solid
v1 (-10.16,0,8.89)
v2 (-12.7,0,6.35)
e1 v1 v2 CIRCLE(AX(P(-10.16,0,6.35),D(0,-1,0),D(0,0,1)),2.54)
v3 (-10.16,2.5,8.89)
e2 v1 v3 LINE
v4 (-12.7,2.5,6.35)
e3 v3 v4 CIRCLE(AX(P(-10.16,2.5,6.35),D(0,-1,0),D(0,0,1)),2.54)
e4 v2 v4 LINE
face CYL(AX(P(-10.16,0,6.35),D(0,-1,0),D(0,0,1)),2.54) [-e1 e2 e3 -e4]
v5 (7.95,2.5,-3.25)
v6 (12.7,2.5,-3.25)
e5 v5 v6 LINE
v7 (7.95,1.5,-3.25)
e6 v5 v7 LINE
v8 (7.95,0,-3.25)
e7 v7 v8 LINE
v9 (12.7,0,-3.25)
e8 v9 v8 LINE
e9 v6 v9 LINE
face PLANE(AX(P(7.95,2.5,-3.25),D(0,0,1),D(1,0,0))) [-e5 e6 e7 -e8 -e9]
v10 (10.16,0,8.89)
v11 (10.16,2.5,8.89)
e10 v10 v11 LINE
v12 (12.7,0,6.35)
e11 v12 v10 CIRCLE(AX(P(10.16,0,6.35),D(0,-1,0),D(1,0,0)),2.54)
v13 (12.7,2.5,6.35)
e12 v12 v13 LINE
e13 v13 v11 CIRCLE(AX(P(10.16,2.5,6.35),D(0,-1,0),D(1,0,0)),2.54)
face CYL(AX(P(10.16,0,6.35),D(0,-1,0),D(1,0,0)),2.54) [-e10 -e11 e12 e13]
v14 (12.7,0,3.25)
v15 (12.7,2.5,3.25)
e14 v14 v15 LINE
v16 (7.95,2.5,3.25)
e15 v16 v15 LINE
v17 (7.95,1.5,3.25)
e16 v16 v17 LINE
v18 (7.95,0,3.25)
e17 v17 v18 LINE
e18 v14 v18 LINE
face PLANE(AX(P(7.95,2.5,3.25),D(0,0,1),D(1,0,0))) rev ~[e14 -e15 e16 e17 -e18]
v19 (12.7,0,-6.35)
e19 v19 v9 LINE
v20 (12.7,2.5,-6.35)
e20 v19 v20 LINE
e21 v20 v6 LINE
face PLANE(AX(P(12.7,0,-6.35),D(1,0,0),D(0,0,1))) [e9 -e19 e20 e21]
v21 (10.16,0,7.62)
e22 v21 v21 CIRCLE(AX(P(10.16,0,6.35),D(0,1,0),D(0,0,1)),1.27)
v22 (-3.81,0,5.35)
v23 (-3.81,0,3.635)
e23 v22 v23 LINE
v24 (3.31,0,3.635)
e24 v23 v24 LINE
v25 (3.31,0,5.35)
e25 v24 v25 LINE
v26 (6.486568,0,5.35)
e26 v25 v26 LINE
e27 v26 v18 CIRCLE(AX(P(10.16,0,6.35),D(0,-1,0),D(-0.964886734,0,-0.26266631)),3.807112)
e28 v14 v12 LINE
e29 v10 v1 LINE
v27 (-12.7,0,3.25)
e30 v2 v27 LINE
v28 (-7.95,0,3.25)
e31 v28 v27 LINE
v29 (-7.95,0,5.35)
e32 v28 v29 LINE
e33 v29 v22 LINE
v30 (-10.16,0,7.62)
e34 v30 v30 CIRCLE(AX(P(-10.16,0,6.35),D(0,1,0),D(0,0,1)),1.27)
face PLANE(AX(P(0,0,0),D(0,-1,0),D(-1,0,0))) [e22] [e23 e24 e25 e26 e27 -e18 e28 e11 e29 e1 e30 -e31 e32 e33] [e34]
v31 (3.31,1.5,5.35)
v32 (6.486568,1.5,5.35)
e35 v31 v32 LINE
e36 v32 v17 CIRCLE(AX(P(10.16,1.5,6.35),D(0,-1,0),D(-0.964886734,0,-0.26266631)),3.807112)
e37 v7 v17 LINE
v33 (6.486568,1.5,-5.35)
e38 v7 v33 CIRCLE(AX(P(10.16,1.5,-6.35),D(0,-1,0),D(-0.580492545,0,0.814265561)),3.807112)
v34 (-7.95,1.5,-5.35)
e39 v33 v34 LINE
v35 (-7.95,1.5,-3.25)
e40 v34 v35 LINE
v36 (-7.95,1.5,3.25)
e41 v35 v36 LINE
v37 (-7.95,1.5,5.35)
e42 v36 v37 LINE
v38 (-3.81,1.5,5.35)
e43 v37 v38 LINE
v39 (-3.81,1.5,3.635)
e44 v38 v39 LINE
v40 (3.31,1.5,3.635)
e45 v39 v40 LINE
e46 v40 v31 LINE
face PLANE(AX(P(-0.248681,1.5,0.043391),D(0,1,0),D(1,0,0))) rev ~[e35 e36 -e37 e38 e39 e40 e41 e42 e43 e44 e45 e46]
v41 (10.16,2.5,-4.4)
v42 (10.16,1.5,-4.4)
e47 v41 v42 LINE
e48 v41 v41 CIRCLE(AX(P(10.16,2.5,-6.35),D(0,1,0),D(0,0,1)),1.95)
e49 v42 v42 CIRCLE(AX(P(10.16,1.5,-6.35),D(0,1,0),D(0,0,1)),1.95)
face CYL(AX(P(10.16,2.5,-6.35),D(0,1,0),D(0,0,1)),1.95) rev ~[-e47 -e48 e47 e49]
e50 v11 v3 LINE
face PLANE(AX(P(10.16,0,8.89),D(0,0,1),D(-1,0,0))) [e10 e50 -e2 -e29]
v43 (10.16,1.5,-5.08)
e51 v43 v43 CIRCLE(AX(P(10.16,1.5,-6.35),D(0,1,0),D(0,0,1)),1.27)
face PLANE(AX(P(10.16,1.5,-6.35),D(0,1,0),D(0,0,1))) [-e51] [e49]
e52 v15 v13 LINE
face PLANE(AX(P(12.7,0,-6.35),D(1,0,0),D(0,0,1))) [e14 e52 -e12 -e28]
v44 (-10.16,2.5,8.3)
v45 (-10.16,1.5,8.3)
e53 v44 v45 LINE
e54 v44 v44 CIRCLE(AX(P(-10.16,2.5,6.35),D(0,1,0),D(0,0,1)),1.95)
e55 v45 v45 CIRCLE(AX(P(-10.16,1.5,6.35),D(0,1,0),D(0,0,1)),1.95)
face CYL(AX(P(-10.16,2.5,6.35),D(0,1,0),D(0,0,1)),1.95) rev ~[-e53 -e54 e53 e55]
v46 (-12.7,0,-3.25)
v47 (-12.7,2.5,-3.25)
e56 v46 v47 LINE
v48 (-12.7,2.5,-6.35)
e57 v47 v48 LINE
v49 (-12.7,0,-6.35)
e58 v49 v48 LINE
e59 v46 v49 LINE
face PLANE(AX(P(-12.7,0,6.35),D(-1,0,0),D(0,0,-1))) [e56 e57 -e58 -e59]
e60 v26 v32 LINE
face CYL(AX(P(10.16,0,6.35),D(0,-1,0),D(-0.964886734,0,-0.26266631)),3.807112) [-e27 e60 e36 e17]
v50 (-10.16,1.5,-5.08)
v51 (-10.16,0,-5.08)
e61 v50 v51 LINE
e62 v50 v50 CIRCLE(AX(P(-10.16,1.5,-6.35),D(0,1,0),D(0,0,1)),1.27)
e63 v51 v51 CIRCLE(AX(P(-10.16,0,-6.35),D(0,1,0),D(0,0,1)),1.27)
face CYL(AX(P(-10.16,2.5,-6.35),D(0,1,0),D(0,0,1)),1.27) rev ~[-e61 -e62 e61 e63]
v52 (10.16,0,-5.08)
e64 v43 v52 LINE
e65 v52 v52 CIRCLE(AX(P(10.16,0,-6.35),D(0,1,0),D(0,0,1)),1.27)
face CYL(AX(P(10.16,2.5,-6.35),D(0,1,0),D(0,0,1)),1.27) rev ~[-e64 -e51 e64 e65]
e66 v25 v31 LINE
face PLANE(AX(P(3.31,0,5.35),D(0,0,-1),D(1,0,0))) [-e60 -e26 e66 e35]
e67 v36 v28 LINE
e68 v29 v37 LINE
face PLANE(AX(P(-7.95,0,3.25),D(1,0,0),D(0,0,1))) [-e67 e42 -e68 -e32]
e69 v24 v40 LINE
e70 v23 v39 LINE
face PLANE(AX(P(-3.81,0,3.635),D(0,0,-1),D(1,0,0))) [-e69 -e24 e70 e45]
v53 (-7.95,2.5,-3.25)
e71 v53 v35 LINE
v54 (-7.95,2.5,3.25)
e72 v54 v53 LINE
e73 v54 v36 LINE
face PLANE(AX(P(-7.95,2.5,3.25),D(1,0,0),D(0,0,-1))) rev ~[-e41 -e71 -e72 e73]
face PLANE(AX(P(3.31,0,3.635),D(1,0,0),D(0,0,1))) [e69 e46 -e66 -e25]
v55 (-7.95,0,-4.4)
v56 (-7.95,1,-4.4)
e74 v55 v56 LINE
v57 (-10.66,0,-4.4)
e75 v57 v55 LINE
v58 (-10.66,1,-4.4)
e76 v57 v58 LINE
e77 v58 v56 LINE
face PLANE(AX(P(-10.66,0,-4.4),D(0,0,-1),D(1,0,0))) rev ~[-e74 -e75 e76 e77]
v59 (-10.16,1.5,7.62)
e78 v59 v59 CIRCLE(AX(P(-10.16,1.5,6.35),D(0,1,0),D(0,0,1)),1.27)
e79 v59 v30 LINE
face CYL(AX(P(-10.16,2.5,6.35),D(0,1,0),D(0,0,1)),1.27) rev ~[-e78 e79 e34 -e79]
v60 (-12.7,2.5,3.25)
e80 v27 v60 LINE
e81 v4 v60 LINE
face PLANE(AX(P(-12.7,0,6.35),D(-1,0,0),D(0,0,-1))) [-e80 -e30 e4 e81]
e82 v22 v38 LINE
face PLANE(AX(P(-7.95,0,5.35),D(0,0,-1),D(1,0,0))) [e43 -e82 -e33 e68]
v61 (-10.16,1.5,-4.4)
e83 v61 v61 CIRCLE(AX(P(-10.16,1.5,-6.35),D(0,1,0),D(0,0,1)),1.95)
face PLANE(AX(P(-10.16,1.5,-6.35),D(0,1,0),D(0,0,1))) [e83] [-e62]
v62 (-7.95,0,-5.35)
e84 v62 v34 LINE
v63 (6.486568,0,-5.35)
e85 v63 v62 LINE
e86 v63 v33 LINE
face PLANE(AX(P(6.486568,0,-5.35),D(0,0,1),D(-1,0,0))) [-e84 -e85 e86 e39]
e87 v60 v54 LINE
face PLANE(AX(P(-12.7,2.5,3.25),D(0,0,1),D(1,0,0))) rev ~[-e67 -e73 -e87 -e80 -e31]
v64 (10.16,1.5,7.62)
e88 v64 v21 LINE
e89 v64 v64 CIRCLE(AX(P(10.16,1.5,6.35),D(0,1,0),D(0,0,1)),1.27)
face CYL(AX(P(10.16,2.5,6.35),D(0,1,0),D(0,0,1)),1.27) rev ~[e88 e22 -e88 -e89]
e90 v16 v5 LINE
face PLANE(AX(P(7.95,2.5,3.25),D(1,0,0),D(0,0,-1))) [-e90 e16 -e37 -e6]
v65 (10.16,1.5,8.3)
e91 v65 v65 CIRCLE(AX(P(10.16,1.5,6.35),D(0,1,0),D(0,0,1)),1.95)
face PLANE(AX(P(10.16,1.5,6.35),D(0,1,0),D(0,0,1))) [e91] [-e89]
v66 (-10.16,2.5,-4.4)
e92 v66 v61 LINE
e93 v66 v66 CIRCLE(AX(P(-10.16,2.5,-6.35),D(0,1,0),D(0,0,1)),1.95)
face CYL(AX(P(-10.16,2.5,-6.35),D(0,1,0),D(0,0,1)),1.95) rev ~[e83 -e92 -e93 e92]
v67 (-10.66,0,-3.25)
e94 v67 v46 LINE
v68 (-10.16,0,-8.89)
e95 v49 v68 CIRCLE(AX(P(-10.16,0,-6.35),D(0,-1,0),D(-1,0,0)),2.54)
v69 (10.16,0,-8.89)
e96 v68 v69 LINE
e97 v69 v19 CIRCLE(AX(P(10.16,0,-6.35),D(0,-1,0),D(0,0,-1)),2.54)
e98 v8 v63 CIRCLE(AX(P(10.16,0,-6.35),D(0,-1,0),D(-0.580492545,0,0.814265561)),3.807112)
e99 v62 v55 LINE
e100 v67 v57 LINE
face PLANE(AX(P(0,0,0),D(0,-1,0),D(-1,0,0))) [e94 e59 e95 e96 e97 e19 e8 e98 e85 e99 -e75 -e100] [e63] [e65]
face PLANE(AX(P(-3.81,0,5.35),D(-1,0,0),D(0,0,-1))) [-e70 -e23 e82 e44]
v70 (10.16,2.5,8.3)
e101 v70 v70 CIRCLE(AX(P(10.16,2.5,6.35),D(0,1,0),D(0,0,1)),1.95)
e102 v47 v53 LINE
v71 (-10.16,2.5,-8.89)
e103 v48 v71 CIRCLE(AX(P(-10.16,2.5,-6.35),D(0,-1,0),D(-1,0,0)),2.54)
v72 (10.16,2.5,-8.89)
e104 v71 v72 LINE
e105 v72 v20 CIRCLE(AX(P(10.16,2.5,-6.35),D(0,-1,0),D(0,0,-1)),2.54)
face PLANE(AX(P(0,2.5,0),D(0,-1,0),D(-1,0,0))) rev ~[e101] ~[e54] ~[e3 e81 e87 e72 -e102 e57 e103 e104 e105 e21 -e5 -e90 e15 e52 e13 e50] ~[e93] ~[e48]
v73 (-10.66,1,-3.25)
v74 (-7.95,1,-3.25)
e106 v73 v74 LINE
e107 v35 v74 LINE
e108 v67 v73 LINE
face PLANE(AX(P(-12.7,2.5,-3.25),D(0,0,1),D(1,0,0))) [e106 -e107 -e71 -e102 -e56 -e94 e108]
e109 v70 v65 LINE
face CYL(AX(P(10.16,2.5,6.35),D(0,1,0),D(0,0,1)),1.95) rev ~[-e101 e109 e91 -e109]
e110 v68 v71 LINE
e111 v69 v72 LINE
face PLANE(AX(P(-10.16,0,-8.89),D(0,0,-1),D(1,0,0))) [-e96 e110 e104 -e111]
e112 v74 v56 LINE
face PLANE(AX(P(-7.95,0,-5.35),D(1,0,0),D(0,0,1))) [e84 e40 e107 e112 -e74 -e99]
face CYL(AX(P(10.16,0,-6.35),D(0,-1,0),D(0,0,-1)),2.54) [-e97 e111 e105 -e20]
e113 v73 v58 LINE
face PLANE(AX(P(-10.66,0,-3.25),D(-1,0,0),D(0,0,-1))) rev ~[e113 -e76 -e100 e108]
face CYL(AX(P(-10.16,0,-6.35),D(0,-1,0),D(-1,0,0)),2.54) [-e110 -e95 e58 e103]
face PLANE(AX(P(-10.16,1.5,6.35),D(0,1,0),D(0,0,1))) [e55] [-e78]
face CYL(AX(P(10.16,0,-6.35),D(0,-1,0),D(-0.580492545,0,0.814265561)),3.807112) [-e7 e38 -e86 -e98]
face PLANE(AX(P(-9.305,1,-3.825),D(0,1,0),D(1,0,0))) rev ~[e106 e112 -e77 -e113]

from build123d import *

# Parameters (mm, degrees)
BOSS_EXTRUDE1_DEPTH = 2.5
SKETCH3_R           = 1.27
SKETCH3_W           = 4.75
SKETCH3_H           = 6.5
CUT_EXTRUDE2_DEPTH  = 16.702614432
CUT_EXTRUDE1_START  = -2.5
CUT_EXTRUDE1_DEPTH  = 1.5
SKETCH4_R           = 1.95
CUT_EXTRUDE3_DEPTH  = 1
CUT_EXTRUDE4_START  = -2.5
SKETCH5_W           = 2.71
SKETCH5_H           = 1.15
CUT_EXTRUDE4_DEPTH  = 1


with BuildPart() as part:
    # Sketch1 → Boss-Extrude1 (new body)
    with BuildSketch(Plane(origin=(0, 0, 0), x_dir=(1, 0, 0), z_dir=(0, 1, 0))):
        with BuildLine():
            Line((-10.16, 8.89), (10.16, 8.89))
            ThreePointArc((10.16, 8.89), (11.956051224, 8.146051224), (12.7, 6.35))
            Line((12.7, 6.35), (12.7, -6.35))
            ThreePointArc((12.7, -6.35), (11.956051224, -8.146051224), (10.16, -8.89))
            Line((10.16, -8.89), (-10.16, -8.89))
            ThreePointArc((-10.16, -8.89), (-11.956051224, -8.146051224), (-12.7, -6.35))
            Line((-12.7, -6.35), (-12.7, 6.35))
            ThreePointArc((-12.7, 6.35), (-11.956051224, 8.146051224), (-10.16, 8.89))
        make_face()
    extrude(amount=BOSS_EXTRUDE1_DEPTH)

    # Sketch3 → Cut-Extrude2 (cut, through all)
    with BuildSketch(Plane(origin=(0, 2.5, 0), x_dir=(1, 0, 0), z_dir=(0, 1, 0))):
        with Locations(Location((-10.16, 6.35, 0), (0, 0, 270))):
            Circle(SKETCH3_R)
        with Locations(Location((10.16, 6.35, 0), (0, 0, 270))):
            Circle(SKETCH3_R)
        with Locations(Location((10.16, -6.35, 0), (0, 0, 270))):
            Circle(SKETCH3_R)
        with Locations(Location((-10.16, -6.35, 0), (0, 0, 270))):
            Circle(SKETCH3_R)
        with Locations((10.325, 0)):
            Rectangle(SKETCH3_W, SKETCH3_H)
        with Locations((-10.325, 0)):
            Rectangle(SKETCH3_W, SKETCH3_H)
    extrude(amount=-CUT_EXTRUDE2_DEPTH, mode=Mode.SUBTRACT)

    # Sketch2 → Cut-Extrude1 (cut)
    with BuildSketch(Plane(origin=(0, 2.5, 0), x_dir=(1, 0, 0), z_dir=(0, 1, 0)).offset(CUT_EXTRUDE1_START)):
        with BuildLine():
            Line((-3.81, -5.35), (-3.81, -3.635))
            Line((-3.81, -3.635), (3.31, -3.635))
            Line((3.31, -3.635), (3.31, -5.35))
            Line((3.31, -5.35), (6.486568362, -5.35))
            ThreePointArc((6.486568362, -5.35), (7.036509651, -4.173326382), (7.95, -3.25))
            Line((7.95, -3.25), (12.7, -3.25))
            Line((12.7, -3.25), (12.7, 3.25))
            Line((12.7, 3.25), (7.95, 3.25))
            ThreePointArc((7.95, 3.25), (7.036509651, 4.173326382), (6.486568362, 5.35))
            Line((6.486568362, 5.35), (-7.95, 5.35))
            Line((-7.95, 5.35), (-7.95, 3.25))
            Line((-7.95, 3.25), (-12.7, 3.25))
            Line((-12.7, 3.25), (-12.7, -3.25))
            Line((-12.7, -3.25), (-7.95, -3.25))
            Line((-7.95, -3.25), (-7.95, -5.35))
            Line((-7.95, -5.35), (-3.81, -5.35))
        make_face()
    extrude(amount=CUT_EXTRUDE1_DEPTH, mode=Mode.SUBTRACT)

    # Sketch4 → Cut-Extrude3 (cut)
    with BuildSketch(Plane(origin=(0, 2.5, 0), x_dir=(1, 0, 0), z_dir=(0, 1, 0))):
        with Locations(Location((-10.16, 6.35, 0), (0, 0, 270))):
            Circle(SKETCH4_R)
        with Locations(Location((10.16, 6.35, 0), (0, 0, 270))):
            Circle(SKETCH4_R)
        with Locations(Location((-10.16, -6.35, 0), (0, 0, 270))):
            Circle(SKETCH4_R)
        with Locations(Location((10.16, -6.35, 0), (0, 0, 270))):
            Circle(SKETCH4_R)
    extrude(amount=-CUT_EXTRUDE3_DEPTH, mode=Mode.SUBTRACT)

    # Sketch5 → Cut-Extrude4 (cut)
    with BuildSketch(Plane(origin=(0, 2.5, 0), x_dir=(1, 0, 0), z_dir=(0, 1, 0)).offset(CUT_EXTRUDE4_START)):
        with Locations((-9.305, 3.825)):
            Rectangle(SKETCH5_W, SKETCH5_H)
    extrude(amount=CUT_EXTRUDE4_DEPTH, mode=Mode.SUBTRACT)


solid = part.part
